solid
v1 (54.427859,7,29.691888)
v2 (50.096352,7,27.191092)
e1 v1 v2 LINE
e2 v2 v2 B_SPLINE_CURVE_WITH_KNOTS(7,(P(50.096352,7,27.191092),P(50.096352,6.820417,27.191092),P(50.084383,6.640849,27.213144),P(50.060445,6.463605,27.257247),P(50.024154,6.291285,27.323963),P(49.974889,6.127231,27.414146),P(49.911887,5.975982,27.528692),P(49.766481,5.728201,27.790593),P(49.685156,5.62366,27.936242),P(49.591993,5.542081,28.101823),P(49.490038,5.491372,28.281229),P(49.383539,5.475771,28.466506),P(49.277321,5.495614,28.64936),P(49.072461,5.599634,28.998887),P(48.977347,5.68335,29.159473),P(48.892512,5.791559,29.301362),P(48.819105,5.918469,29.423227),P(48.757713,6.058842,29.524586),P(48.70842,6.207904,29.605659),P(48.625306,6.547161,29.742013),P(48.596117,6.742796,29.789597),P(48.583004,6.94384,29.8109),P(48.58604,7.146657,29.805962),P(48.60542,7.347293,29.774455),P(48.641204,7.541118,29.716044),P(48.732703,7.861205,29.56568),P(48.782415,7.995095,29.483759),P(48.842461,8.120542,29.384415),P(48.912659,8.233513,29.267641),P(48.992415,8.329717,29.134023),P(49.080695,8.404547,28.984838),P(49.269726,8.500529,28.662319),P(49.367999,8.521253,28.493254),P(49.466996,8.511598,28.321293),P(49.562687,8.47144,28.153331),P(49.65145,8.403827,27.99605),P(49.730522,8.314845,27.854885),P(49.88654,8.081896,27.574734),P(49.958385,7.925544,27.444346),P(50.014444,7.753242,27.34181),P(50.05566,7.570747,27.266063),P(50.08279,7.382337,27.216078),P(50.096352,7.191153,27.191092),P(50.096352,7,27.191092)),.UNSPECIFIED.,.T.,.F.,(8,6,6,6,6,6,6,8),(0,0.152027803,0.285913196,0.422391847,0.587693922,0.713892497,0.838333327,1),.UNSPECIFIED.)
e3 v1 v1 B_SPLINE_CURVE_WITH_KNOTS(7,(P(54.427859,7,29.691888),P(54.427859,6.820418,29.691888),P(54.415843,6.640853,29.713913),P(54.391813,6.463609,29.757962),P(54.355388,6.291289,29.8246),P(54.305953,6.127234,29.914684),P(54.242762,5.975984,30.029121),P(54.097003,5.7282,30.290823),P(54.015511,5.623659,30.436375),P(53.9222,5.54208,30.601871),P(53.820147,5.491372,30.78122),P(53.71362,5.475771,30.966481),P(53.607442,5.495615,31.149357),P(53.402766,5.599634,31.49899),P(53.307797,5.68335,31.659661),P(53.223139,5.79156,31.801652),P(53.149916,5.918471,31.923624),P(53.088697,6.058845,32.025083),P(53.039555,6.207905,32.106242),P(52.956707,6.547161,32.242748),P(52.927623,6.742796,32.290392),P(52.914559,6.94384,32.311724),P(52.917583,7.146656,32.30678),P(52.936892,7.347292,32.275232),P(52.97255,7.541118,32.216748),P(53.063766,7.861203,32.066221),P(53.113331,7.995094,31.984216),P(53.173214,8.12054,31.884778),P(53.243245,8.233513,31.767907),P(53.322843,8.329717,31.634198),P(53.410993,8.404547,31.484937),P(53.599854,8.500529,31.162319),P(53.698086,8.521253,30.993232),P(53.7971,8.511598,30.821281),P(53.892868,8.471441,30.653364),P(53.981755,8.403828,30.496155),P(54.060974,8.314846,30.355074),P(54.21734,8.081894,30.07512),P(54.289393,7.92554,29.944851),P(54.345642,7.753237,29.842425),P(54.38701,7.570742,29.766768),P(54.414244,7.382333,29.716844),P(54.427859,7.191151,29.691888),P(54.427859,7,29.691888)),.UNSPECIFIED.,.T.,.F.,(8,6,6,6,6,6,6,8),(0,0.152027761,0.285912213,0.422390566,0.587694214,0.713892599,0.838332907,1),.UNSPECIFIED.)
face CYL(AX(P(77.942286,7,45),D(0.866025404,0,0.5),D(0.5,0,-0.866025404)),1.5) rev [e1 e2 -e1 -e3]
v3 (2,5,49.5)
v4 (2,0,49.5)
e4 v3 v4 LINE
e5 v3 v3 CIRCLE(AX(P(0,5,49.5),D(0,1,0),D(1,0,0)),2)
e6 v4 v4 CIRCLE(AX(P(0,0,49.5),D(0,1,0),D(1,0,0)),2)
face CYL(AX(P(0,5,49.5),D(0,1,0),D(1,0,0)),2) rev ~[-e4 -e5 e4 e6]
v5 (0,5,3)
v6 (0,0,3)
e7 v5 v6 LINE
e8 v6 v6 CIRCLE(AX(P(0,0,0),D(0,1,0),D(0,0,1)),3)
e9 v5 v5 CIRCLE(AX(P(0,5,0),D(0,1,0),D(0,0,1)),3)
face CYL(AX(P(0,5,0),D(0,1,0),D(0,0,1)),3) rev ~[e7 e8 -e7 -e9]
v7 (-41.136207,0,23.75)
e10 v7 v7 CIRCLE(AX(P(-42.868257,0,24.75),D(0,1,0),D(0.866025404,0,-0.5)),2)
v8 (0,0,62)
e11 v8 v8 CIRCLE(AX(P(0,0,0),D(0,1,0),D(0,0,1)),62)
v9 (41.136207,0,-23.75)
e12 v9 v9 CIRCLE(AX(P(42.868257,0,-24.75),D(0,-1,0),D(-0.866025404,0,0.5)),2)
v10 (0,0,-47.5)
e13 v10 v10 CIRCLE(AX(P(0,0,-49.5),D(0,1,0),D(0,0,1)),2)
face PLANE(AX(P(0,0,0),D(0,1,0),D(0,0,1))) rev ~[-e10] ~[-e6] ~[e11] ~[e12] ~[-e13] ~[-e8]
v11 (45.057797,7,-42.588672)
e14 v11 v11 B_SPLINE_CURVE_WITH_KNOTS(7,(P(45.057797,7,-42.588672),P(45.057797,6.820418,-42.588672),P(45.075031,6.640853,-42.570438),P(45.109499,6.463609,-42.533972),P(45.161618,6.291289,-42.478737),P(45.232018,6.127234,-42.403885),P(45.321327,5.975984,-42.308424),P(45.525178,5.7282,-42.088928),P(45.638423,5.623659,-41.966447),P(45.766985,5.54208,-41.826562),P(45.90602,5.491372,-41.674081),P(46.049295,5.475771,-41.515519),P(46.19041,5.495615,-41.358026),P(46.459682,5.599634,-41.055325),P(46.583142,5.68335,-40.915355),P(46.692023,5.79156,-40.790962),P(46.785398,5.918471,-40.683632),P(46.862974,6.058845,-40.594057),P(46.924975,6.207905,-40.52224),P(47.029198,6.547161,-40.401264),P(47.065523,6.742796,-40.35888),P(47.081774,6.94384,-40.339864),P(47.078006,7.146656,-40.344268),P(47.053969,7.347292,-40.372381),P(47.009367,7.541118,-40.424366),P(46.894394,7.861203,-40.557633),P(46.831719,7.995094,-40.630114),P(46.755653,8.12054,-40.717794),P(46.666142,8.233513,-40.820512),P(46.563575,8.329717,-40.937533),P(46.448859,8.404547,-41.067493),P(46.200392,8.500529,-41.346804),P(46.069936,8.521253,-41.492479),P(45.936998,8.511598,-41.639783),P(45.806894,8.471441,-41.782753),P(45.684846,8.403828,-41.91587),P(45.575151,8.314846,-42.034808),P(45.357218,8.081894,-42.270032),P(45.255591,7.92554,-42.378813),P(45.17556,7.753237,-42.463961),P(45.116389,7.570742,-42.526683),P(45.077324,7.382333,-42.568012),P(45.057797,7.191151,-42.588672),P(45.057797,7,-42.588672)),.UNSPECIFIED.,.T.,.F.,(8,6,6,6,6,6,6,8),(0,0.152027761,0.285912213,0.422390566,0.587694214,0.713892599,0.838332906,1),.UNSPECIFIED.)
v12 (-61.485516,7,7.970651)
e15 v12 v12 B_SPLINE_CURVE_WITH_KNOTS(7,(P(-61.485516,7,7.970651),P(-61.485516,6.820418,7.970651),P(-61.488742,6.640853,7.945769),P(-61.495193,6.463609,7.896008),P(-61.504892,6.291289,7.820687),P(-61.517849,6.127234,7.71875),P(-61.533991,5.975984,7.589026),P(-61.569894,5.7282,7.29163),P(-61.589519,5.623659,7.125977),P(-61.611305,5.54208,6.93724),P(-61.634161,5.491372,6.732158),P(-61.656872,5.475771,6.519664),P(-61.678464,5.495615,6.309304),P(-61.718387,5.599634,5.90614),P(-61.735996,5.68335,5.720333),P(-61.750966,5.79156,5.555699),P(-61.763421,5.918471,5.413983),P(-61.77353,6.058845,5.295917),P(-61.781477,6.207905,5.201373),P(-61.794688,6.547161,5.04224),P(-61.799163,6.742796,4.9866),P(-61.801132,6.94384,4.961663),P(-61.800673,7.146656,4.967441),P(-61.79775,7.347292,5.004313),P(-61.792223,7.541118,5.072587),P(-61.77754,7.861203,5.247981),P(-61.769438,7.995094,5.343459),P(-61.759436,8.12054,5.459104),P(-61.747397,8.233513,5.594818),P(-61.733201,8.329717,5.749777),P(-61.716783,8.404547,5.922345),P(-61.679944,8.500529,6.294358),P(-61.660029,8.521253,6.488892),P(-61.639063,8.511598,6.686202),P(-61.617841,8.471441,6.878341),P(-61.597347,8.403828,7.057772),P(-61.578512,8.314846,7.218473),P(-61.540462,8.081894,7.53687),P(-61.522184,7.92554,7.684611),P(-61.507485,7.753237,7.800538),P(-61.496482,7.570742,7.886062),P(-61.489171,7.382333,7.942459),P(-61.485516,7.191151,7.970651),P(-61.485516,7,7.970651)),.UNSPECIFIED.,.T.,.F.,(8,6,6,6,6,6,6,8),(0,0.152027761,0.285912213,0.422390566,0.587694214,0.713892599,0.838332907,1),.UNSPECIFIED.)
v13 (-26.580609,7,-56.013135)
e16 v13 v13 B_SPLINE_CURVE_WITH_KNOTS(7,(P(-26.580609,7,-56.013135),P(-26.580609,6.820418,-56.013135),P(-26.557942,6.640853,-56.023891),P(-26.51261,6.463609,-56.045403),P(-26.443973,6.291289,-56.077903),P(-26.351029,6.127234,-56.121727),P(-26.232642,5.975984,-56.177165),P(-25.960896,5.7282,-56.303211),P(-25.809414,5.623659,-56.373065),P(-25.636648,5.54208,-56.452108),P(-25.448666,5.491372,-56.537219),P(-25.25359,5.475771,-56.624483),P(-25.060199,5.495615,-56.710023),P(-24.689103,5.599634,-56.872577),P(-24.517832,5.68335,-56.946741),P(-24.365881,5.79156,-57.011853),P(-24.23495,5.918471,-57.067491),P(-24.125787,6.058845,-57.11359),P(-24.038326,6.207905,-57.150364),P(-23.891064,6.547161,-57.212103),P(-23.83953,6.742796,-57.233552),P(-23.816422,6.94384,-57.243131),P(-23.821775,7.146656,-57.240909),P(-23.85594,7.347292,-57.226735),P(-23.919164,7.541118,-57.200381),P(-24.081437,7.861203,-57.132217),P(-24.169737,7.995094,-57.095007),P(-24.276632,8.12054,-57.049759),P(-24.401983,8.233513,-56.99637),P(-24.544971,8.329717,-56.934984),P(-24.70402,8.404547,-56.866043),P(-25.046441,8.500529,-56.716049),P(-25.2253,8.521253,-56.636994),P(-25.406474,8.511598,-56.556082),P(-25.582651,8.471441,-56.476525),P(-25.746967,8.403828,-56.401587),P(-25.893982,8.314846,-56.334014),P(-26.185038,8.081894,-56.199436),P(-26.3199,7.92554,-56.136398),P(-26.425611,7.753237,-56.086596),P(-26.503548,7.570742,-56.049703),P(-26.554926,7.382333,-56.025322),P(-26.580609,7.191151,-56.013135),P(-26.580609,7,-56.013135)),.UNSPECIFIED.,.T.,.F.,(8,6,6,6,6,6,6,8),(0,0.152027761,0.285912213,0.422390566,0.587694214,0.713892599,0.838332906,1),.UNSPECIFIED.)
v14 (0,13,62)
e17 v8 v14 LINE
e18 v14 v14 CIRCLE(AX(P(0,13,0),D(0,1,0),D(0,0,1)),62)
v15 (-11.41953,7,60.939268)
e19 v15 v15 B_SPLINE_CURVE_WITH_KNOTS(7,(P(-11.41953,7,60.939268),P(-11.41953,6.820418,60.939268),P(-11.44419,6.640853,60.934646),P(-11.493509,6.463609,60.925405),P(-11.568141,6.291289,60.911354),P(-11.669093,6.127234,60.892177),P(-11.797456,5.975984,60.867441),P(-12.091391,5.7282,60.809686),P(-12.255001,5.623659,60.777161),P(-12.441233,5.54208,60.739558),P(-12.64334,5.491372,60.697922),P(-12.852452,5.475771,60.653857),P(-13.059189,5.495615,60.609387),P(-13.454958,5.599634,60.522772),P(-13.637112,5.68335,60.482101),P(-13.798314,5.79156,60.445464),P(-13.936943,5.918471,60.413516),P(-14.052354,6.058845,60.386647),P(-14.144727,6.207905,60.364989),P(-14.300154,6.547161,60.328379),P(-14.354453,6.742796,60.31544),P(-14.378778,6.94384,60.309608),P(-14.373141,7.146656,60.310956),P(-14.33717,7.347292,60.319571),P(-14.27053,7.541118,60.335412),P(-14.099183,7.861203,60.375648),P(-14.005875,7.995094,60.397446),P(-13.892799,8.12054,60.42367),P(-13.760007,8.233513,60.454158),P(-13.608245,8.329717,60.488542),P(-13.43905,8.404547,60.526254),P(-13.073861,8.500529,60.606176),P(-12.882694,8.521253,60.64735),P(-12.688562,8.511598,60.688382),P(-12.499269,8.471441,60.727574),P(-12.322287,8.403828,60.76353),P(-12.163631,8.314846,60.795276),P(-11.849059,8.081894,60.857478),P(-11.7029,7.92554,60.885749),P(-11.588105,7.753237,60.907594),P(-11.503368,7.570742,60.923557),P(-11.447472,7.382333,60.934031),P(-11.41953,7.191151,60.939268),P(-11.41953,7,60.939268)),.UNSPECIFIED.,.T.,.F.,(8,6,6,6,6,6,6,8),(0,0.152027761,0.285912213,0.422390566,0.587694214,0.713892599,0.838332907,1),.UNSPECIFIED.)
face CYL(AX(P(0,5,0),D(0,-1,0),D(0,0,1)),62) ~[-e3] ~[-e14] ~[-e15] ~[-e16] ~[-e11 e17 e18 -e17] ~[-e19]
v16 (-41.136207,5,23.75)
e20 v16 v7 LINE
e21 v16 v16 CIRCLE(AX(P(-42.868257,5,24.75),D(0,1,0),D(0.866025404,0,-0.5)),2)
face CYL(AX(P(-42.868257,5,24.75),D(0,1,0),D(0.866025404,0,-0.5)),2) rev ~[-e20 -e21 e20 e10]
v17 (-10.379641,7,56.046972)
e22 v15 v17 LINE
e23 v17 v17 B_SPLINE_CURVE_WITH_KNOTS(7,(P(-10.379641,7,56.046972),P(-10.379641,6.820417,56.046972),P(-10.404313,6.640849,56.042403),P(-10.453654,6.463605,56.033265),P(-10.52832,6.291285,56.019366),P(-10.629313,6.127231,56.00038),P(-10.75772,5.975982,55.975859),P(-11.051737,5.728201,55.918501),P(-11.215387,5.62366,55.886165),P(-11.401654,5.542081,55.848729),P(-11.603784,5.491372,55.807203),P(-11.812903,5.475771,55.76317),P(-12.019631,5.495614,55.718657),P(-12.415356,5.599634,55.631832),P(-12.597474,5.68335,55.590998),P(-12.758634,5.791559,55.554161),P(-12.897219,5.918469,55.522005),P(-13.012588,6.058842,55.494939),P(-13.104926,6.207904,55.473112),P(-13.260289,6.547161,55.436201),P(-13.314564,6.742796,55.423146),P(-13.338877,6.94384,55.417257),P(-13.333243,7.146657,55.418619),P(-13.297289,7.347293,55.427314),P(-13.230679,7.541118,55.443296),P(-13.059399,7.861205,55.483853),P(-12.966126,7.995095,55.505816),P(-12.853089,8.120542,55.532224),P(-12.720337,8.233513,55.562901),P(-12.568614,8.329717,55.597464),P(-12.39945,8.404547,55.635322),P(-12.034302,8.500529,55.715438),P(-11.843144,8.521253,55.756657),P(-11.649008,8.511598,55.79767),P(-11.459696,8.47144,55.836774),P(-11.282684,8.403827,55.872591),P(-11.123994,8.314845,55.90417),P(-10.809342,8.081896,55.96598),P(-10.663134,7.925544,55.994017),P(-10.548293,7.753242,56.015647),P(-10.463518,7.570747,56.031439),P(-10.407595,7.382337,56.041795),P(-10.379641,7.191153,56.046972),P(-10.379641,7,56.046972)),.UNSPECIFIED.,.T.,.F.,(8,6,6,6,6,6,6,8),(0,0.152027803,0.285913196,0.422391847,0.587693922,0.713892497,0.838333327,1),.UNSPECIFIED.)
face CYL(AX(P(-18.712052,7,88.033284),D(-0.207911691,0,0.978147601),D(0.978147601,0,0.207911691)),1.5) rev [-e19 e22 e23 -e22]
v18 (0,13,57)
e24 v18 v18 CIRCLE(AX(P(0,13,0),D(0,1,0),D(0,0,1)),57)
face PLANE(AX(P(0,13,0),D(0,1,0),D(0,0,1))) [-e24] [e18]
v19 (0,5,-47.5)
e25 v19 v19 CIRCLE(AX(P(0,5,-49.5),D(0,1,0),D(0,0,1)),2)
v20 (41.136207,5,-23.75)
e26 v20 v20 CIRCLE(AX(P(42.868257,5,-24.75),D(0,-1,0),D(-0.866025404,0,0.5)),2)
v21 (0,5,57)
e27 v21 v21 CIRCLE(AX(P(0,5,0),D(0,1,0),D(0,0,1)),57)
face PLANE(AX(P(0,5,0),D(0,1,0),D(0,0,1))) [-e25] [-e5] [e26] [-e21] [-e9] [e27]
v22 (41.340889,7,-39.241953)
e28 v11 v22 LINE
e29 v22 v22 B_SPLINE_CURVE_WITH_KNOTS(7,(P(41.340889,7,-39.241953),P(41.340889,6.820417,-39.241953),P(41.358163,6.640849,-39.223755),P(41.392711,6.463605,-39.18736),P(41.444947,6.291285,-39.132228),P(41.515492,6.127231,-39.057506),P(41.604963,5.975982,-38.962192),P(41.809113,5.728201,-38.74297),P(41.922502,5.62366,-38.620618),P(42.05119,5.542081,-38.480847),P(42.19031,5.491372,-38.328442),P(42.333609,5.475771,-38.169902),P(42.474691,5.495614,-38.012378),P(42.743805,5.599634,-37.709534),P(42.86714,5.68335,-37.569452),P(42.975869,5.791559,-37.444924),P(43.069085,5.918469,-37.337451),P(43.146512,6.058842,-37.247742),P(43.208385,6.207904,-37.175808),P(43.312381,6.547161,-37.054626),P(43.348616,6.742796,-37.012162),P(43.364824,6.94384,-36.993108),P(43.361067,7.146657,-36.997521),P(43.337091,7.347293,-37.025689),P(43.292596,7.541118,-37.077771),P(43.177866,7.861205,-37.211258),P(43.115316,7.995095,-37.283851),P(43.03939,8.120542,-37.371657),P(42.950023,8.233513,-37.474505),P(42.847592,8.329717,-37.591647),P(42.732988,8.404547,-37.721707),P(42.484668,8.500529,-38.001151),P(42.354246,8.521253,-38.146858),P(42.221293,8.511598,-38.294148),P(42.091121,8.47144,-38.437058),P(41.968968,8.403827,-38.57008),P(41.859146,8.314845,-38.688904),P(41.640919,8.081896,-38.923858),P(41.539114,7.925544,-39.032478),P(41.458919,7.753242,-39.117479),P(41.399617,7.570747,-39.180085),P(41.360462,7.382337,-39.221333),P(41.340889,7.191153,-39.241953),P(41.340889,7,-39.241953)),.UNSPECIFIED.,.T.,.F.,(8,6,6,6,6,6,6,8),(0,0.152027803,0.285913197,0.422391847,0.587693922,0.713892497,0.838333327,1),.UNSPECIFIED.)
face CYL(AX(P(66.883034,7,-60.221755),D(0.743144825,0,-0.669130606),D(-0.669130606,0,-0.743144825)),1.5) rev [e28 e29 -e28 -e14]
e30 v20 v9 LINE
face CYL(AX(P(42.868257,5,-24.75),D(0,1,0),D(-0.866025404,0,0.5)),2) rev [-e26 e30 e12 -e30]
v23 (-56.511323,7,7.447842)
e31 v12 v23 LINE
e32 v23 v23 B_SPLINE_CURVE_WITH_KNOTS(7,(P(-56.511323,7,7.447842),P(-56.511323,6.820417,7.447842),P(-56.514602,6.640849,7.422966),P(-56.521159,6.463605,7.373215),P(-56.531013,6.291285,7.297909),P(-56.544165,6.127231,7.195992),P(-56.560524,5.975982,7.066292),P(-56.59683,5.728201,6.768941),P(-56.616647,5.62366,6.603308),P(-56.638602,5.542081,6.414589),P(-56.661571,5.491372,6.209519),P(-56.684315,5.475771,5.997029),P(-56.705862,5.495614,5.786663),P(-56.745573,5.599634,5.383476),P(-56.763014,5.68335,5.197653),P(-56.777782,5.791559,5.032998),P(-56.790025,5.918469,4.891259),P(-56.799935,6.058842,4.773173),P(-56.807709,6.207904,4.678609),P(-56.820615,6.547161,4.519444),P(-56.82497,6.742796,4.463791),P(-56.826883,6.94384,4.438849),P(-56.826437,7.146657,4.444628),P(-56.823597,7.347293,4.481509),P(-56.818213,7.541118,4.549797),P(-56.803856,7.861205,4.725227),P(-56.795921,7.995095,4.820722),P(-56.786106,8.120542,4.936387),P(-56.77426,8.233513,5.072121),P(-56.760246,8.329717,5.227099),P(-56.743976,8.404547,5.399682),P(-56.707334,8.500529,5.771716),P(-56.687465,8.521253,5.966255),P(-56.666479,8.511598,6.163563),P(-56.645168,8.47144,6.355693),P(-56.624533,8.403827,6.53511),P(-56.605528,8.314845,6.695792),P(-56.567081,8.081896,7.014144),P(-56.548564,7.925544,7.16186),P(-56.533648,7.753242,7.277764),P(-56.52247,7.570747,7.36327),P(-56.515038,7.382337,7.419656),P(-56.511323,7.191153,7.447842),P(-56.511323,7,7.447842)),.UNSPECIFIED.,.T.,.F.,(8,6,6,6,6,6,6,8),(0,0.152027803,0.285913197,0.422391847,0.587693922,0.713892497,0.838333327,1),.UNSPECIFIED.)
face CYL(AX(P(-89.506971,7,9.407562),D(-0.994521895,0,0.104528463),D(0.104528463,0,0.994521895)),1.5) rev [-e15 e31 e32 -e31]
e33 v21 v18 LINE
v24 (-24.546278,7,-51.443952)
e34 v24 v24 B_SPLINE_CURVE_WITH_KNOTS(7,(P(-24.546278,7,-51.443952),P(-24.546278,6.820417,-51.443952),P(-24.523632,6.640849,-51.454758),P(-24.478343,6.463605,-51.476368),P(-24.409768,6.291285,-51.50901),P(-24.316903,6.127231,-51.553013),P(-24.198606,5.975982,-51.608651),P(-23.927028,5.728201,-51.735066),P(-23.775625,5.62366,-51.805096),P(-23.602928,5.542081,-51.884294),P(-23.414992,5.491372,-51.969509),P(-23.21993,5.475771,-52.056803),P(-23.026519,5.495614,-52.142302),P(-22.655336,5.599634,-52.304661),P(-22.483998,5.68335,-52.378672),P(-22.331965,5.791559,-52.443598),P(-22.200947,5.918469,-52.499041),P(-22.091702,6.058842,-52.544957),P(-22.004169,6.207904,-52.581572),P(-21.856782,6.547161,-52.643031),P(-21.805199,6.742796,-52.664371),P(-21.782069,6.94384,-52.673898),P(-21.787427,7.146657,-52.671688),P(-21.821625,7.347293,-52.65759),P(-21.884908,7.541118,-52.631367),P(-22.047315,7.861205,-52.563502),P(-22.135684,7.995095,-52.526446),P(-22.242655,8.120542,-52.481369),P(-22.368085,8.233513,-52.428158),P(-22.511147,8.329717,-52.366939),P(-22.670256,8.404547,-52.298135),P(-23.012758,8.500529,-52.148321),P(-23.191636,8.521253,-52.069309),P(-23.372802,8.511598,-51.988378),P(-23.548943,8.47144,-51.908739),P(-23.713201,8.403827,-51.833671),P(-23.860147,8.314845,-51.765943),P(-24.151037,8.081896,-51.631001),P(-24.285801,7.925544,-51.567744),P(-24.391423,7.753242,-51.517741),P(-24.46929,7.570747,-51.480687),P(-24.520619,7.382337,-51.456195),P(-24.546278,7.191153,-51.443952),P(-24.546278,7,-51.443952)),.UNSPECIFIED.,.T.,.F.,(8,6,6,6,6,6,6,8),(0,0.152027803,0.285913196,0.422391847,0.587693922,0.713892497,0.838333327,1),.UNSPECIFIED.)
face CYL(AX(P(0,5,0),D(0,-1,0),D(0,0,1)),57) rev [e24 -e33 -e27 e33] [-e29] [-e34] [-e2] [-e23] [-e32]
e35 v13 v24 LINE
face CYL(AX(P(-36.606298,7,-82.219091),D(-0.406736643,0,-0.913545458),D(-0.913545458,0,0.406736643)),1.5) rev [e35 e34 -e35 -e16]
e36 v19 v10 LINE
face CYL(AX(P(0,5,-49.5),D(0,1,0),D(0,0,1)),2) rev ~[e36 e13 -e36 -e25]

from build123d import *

# Parameters (mm, degrees)
SKETCH1_R               = 62
BOSS_EXTRUDE1_DEPTH     = 5
SKETCH2_R               = 2
CUT_EXTRUDE1_DEPTH      = 5
CIRPATTERN1_COUNT       = 2
CIRPATTERN1_ANGLE       = 120
MIRROR1_COPY_1_SKETCH_R = 2
MIRROR1_COPY_1_DEPTH    = 5
SKETCH5_R               = 62
SKETCH5_R_2             = 57
BOSS_EXTRUDE2_DEPTH     = 8
CUT_EXTRUDE2_START      = -90
SKETCH6_R               = 1.5
CUT_EXTRUDE2_DEPTH      = 91
CIRPATTERN2_COUNT       = 5
SKETCH7_R               = 3
CUT_EXTRUDE3_DEPTH      = 10


with BuildPart() as part:
    # Sketch1 → Boss-Extrude1 (new body)
    with BuildSketch(Plane(origin=(0, 0, 0), x_dir=(1, 0, 0), z_dir=(0, 1, 0))):
        with Locations(Location((0, 0, 0), (0, 0, 270))):
            Circle(SKETCH1_R)
    extrude(amount=BOSS_EXTRUDE1_DEPTH)

    # Sketch2 → Cut-Extrude1 (cut)
    with BuildSketch(Plane(origin=(0, 5, 0), x_dir=(1, 0, 0), z_dir=(0, 1, 0))):
        with Locations(Location((0, 49.5, 0), (0, 0, 270))):
            Circle(SKETCH2_R)
    cut_extrude1 = extrude(amount=-CUT_EXTRUDE1_DEPTH, mode=Mode.SUBTRACT)

    # CirPattern1: Cut-Extrude1 ×2 about axis
    cirpattern1_axis = Axis((0, 5, 0), (0, 1, 0))
    for i in range(1, CIRPATTERN1_COUNT):
        add(cut_extrude1.rotate(cirpattern1_axis, i * CIRPATTERN1_ANGLE / (CIRPATTERN1_COUNT - 1)), mode=Mode.SUBTRACT)

    # Mirror1: Cut-Extrude1 across plane
    add(cut_extrude1.mirror(Plane(origin=(0, 0, 0), x_dir=(-0.49999999999999806, 0, 0.8660254037844398), z_dir=(-0.8660254037844398, 0, -0.49999999999999806))), mode=Mode.SUBTRACT)

    # Mirror1 copy 1 sketch → Mirror1 copy 1 (cut)
    with BuildSketch(Plane(origin=(0, 5, 0), x_dir=(1, 0, 0), z_dir=(0, 1, 0))):
        with Locations((0, -49.5)):
            Circle(MIRROR1_COPY_1_SKETCH_R)
    extrude(amount=-MIRROR1_COPY_1_DEPTH, mode=Mode.SUBTRACT)

    # Sketch5 → Boss-Extrude2 (add)
    with BuildSketch(Plane(origin=(0, 5, 0), x_dir=(1, 0, 0), z_dir=(0, 1, 0))):
        with Locations(Location((0, 0, 0), (0, 0, 270))):
            Circle(SKETCH5_R)
        with Locations(Location((0, 0, 0), (0, 0, 270))):
            Circle(SKETCH5_R_2, mode=Mode.SUBTRACT)
    extrude(amount=BOSS_EXTRUDE2_DEPTH)

    # Sketch6 → Cut-Extrude2 (cut)
    with BuildSketch(Plane(origin=(0, 0, 0), x_dir=(-0.49999999999999806, 0, 0.8660254037844398), z_dir=(-0.8660254037844398, 0, -0.49999999999999806)).offset(CUT_EXTRUDE2_START)):
        with Locations(Location((0, 7, 0), (0, 0, 180))):
            Circle(SKETCH6_R)
    cut_extrude2 = extrude(amount=CUT_EXTRUDE2_DEPTH, mode=Mode.SUBTRACT)

    # CirPattern2: Cut-Extrude2 ×5 about axis
    cirpattern2_axis = Axis((0, 13, 0), (0, 1, 0))
    for i in range(1, CIRPATTERN2_COUNT):
        add(cut_extrude2.rotate(cirpattern2_axis, i * 360 / CIRPATTERN2_COUNT), mode=Mode.SUBTRACT)

    # Sketch7 → Cut-Extrude3 (cut)
    with BuildSketch(Plane(origin=(0, 5, 0), x_dir=(1, 0, 0), z_dir=(0, 1, 0))):
        with Locations(Location((0, 0, 0), (0, 0, 270))):
            Circle(SKETCH7_R)
    extrude(amount=-CUT_EXTRUDE3_DEPTH, mode=Mode.SUBTRACT)


solid = part.part
